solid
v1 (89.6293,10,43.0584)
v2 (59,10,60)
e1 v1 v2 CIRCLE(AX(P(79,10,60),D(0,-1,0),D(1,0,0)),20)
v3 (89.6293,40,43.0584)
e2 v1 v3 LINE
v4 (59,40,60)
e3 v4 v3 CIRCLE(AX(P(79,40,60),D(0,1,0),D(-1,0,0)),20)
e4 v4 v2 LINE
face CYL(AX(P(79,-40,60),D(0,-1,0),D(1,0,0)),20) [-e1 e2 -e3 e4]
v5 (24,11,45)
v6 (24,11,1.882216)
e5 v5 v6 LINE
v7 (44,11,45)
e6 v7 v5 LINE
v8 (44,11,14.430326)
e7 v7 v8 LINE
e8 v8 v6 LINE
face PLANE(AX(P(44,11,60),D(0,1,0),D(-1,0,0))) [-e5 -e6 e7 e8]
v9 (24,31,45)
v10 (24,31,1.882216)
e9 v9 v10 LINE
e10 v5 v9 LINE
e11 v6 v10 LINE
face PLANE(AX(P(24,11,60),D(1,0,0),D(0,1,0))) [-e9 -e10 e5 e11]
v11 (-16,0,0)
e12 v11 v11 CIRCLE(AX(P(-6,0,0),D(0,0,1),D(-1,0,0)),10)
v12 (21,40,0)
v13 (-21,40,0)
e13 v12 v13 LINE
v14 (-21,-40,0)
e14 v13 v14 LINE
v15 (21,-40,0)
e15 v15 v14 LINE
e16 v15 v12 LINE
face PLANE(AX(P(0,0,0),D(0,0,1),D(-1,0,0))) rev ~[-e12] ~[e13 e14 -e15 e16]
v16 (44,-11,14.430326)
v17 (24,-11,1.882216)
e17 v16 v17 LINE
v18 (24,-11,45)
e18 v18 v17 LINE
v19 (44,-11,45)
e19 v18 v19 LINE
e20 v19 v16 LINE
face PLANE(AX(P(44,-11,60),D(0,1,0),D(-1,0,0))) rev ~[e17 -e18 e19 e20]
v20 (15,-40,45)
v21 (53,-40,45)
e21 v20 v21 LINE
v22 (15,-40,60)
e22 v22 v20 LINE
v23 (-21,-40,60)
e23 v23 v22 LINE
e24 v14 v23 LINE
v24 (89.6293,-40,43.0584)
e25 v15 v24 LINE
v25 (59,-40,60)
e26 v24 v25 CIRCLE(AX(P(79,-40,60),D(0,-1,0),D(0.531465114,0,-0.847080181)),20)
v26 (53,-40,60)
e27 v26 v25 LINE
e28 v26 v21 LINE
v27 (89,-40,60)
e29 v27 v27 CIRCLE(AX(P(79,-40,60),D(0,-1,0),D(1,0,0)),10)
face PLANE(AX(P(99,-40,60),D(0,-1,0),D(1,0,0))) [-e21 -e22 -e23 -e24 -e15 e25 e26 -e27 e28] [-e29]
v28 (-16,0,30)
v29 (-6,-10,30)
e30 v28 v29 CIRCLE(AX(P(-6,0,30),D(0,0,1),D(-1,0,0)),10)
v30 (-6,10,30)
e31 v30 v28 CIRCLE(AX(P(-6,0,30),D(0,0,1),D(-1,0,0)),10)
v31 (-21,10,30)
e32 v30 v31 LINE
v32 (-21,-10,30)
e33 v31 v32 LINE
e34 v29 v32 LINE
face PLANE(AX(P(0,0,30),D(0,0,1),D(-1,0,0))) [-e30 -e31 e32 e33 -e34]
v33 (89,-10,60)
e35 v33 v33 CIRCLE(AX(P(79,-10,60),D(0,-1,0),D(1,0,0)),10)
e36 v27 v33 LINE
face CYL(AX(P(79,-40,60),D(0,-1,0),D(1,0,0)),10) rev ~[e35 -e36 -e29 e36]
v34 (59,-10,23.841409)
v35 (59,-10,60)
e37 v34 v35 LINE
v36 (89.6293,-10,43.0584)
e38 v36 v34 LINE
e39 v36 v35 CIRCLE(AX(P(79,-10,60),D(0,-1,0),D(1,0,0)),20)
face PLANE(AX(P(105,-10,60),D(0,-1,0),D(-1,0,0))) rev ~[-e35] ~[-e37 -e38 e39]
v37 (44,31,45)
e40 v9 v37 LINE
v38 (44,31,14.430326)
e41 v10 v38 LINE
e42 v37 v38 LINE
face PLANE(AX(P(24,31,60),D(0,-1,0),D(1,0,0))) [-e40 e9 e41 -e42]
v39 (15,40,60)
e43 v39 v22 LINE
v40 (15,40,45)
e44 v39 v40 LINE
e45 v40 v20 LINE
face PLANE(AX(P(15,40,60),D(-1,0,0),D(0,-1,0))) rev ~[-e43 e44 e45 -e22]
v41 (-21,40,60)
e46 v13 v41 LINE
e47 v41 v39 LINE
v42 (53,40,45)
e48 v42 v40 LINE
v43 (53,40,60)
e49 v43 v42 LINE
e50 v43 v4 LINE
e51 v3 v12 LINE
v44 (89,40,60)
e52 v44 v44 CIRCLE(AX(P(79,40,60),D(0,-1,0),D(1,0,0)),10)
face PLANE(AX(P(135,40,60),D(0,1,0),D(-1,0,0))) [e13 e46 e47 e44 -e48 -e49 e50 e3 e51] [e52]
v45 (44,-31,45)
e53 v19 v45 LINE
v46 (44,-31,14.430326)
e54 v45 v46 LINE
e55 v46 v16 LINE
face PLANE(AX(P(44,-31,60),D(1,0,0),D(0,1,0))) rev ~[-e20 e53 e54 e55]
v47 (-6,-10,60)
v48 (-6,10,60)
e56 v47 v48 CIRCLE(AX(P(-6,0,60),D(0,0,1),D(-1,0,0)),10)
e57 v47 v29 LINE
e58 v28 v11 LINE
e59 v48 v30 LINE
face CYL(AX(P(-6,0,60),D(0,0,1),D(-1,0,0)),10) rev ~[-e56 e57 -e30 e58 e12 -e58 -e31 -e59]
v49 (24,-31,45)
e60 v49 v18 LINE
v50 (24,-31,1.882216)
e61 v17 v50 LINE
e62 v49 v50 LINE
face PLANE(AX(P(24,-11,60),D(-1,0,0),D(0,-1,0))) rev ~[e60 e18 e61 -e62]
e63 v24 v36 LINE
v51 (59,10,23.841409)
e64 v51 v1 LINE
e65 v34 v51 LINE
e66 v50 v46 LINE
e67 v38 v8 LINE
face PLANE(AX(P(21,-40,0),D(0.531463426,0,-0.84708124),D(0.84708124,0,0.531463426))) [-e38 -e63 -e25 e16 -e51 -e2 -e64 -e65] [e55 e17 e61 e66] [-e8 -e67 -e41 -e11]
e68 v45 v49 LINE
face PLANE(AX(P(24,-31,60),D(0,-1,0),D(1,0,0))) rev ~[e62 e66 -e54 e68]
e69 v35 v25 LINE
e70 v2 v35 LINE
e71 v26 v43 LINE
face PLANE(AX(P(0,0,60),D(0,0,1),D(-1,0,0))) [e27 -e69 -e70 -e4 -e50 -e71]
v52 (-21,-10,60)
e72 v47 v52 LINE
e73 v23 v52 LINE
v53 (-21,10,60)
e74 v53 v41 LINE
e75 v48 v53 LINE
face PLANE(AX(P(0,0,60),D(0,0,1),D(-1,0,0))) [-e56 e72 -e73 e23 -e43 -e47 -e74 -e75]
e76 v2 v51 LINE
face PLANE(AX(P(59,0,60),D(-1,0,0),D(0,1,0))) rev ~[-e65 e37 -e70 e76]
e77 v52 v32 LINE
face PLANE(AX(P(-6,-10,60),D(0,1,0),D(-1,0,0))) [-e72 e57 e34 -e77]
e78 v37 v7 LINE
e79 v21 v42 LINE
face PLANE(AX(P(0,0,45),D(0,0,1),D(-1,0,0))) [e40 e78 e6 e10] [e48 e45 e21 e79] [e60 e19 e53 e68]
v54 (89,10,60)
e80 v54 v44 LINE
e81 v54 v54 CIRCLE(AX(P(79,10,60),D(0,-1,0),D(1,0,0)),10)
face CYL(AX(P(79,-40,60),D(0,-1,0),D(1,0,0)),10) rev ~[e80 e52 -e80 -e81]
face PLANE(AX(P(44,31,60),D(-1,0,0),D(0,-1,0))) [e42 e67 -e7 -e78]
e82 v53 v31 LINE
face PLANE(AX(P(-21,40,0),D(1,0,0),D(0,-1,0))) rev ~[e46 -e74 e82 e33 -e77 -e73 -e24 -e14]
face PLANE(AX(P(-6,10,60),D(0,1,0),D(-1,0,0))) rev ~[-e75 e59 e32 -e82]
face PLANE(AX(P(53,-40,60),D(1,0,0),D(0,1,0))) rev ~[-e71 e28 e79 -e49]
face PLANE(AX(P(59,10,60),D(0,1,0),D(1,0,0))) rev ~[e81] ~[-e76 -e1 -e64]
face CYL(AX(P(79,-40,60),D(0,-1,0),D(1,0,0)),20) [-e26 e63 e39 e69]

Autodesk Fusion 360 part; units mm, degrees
sketch "Sketch1" plane through (0, 0, 0) normal (0, 0, 1) x (1, 0, 0)
  line L0 (0, 0) -> (21, 0)
  line L1 (21, 0) -> (0, 0)
  line L2 (0, 0) -> (-21, 0)
  line L3 (-21, 0) -> (-21, -40)
  line L4 (21, 0) -> (21, 40)
  line L5 (21, 40) -> (-21, 40)
  line L6 (-21, 40) -> (-21, -40)
  line L7 (-21, -40) -> (21, -40)
  line L8 (21, -40) -> (21, 40)
  dimension "d1" = 21
  dimension "d2" = 21
  dimension "d3" = 40
  dimension "d4" = 40
extrude "Extrude1" add sketch "Sketch1" along normal blind 60 makes body 1
sketch "Sketch2" plane through (0, -40, 0) normal (0, -1, 0) x (1, 0, 0)
  line L0 (-21, 0) -> (21, 0)
  line L1 (21, 0) -> (21, 60)
  line L2 (21, 60) -> (-21, 60)
  line L3 (-21, 60) -> (-21, 0)
  line L4 (-21, 60) -> (99, 60)
  line L5 (21, 0) -> (99, 60)
  dimension "d7" = 120
extrude "Extrude2" add sketch "Sketch2" against normal blind 80 contours L1 L4 L5 bodies 1
sketch "Sketch3" plane through (0, 40, 0) normal (0, 1, 0) x (-1, 0, 0)
  line L0 (-21, 0) -> (21, 0)
  line L1 (21, 0) -> (21, 60)
sketch "Sketch4" plane through (0, 0, 60) normal (0, 0, 1) x (-1, 0, 0)
  line L0 (-99, -40) -> (21, -40)
  line L1 (21, -40) -> (21, 40)
  line L2 (21, 40) -> (-99, 40)
  line L3 (-99, 40) -> (-99, -40)
  line L4 (-79, 40) -> (6, 40)
  circle A0 centre (6, 0) radius 10
  point P0 (21, 0)
  point P1 (6, 0)
  dimension "d13" = 85
  dimension "d14" = 20
extrude "Extrude3" cut sketch "Sketch4" against normal blind 234 contours A0 bodies 1
sketch "Sketch5" plane through (0, 0, 60) normal (0, 0, 1) x (-1, 0, 0)
  circle A0 centre (6, 0) radius 10
  line L0 (-99, -40) -> (21, -40)
  line L1 (21, -40) -> (21, 40)
  line L2 (21, 40) -> (-99, 40)
  line L3 (-99, 40) -> (-99, -40)
  circle A1 centre (6, 0) radius 10
  line L4 (6, -10) -> (6, 10)
  line L5 (6, -10) -> (21, -10)
  line L6 (6, 10) -> (21, 10)
extrude "Extrude4" cut sketch "Sketch5" against normal blind 30 contours A0 L1 A1 L5 L6 bodies 1
sketch "Sketch6" plane through (0, 0, 60) normal (0, 0, 1) x (-1, 0, 0)
  line L0 (21, -10) -> (6, -10)
  arc A0 (6, 10) -> (6, -10) centre (6, 0) ccw
  line L1 (6, 10) -> (21, 10)
  line L2 (21, 10) -> (21, 40)
  line L3 (21, 40) -> (-99, 40)
  line L4 (-99, 40) -> (-99, -40)
  line L5 (-99, -40) -> (21, -40)
  line L6 (21, -40) -> (21, -10)
  line L7 (21, 40) -> (-79, 40)
  line L8 (-79, 40) -> (-34, 40)
  line L9 (-99, 0) -> (-99, 21)
  line L10 (-99, 0) -> (-99, -21)
  line L11 (-24, -31) -> (-44, -31)
  line L12 (-44, -31) -> (-44, -11)
  line L13 (-44, -11) -> (-24, -11)
  line L14 (-24, -11) -> (-24, -31)
  line L15 (-24, -31) -> (-44, -11) construction
  line L16 (-44, -31) -> (-24, -11) construction
  line L17 (-44, 11) -> (-24, 11)
  line L18 (-24, 11) -> (-24, 31)
  line L19 (-24, 31) -> (-44, 31)
  line L20 (-44, 31) -> (-44, 11)
  line L21 (-44, 11) -> (-24, 31) construction
  line L22 (-24, 11) -> (-44, 31) construction
  point P0 (-99, 0)
  point P1 (-34, 21)
  point P2 (-34, -21)
  point P3 (-34, -21)
  point P4 (-34, 21)
  dimension "d23" = 20
  dimension "d24" = 20
  dimension "d25" = 20
  dimension "d26" = 20
sketch "Sketch9" plane through (0, 0, 60) normal (0, 0, 1) x (-1, 0, 0)
  line L0 (21, -10) -> (6, -10)
  arc A0 (6, 10) -> (6, -10) centre (6, 0) ccw
  line L1 (6, 10) -> (21, 10)
  line L2 (21, 10) -> (21, 40)
  line L3 (21, 40) -> (-99, 40)
  line L4 (-99, 40) -> (-99, -40)
  line L5 (-99, -40) -> (21, -40)
  line L6 (21, -40) -> (21, -10)
  line L7 (-99, 40) -> (-135, 40)
  line L8 (-135, 40) -> (-135, -40)
  line L9 (-135, -40) -> (-99, -40)
  line L10 (-99, -40) -> (-99, 40)
extrude "Extrude7" add sketch "Sketch9" against normal blind 60 separate body contours L4 L7 L8 L9 L10 makes body 2
extrude "Extrude8" add 1 faces at (99, -13.3333, 40) along direction (-1, 0, 0) blind 85 on bodies 2 bodies 2 1
extrude "Extrude5" cut sketch "Sketch6" against normal blind 75 contours L11 L12 L13 L14 | L17 L18 L19 L20 bodies 2
sketch "Sketch7" plane through (0, 0, 60) normal (0, 0, 1) x (-1, 0, 0)
  line L0 (-44, -31) -> (-44, -11)
  line L1 (-44, -11) -> (-24, -11)
  line L2 (-24, -11) -> (-24, -31)
  line L3 (-24, -31) -> (-44, -31)
  line L4 (-24, 11) -> (-44, 11)
  line L5 (-44, 11) -> (-44, 31)
  line L6 (-44, 31) -> (-24, 31)
  line L7 (-24, 31) -> (-24, 11)
  line L8 (21, -10) -> (6, -10)
  arc A0 (6, 10) -> (6, -10) centre (6, 0) ccw
  line L9 (6, 10) -> (21, 10)
  line L10 (21, 10) -> (21, 40)
  line L11 (21, 40) -> (-135, 40)
  line L12 (-135, -40) -> (21, -40)
  line L13 (21, -40) -> (21, -10)
  line L14 (-79, 40) -> (-34, 40)
  line L15 (-34, 40) -> (-53, 40)
  line L16 (-34, 40) -> (-15, 40)
  line L17 (-15, 40) -> (-53, 40)
  line L18 (-53, 40) -> (-53, -40)
  line L19 (-53, -40) -> (-15, -40)
  line L20 (-15, -40) -> (-15, 40)
  line L21 (-135, 40) -> (-135, -40)
  dimension "d30" = 45
extrude "Extrude6" cut sketch "Sketch7" against normal blind 15 contours L11 L12 L14 L15 L16 L17 L18 L19 L20 bodies 2
sketch "Sketch10" plane through (0, -40, 0) normal (0, -1, 0) x (1, 0, 0)
  line L0 (15, 45) -> (15, 60)
  line L1 (15, 60) -> (-21, 60)
  line L2 (-21, 60) -> (-21, 0)
  line L3 (-21, 0) -> (135, 0)
  line L4 (135, 0) -> (135, 60)
  line L5 (135, 60) -> (53, 60)
  line L6 (53, 60) -> (53, 45)
  line L7 (53, 45) -> (15, 45)
  circle A0 centre (79, 60) radius 20
  line L8 (-21, 0) -> (21, 0)
  line L9 (21, 0) -> (89.6293, 43.0584)
  dimension "d40" = 40
  dimension "d41" = 42
extrude "Extrude9" cut sketch "Sketch10" against normal blind 165 contours L3 L4 L5 A0 L9 bodies 2
sketch "Sketch11" plane through (0, -40, 0) normal (0, -1, 0) x (1, 0, 0)
  line L0 (21, 0) -> (89.6293, 43.0584)
  arc A0 (89.6293, 43.0584) -> (99, 60) centre (79, 60) ccw
  line L1 (99, 60) -> (53, 60)
  line L2 (53, 60) -> (53, 45)
  line L3 (53, 45) -> (15, 45)
  line L4 (15, 45) -> (15, 60)
  line L5 (15, 60) -> (-21, 60)
  line L6 (-21, 60) -> (-21, 0)
  line L7 (-21, 0) -> (21, 0)
  circle A1 centre (79, 60) radius 20
  dimension "d45" = 40
extrude "Extrude10" add sketch "Sketch11" against normal blind 80 contours A0 L1 A1 | L1 A1 bodies 2
sketch "Sketch12" plane through (0, -40, 0) normal (0, -1, 0) x (1, 0, 0)
  line L0 (59, 60) -> (53, 60)
  line L1 (53, 60) -> (53, 45)
  line L2 (53, 45) -> (15, 45)
  line L3 (15, 45) -> (15, 60)
  line L4 (15, 60) -> (-21, 60)
  line L5 (-21, 60) -> (-21, 0)
  line L6 (-21, 0) -> (21, 0)
  line L7 (21, 0) -> (89.6293, 43.0584)
  arc A0 (89.6293, 43.0584) -> (59, 60) centre (79, 60) ccw
  circle A1 centre (79, 60) radius 10
  dimension "d48" = 20
extrude "Extrude11" cut sketch "Sketch12" against normal blind 180 contours A1 bodies 2
sketch "Sketch13" plane through (0, 0, 60) normal (0, 0, 1) x (-1, 0, 0)
  line L0 (-15, 40) -> (-15, -40)
  line L1 (-15, -40) -> (21, -40)
  line L2 (21, -40) -> (21, -10)
  line L3 (21, -10) -> (6, -10)
  arc A0 (6, 10) -> (6, -10) centre (6, 0) ccw
  line L4 (6, 10) -> (21, 10)
  line L5 (21, 10) -> (21, 40)
  line L6 (21, 40) -> (-15, 40)
  line L7 (-59, 0) -> (-59, -10)
  line L8 (-59, 0) -> (-59, 10)
  line L9 (-59, -10) -> (-105, -10)
  line L10 (-105, -10) -> (-105, 10)
  line L11 (-105, 10) -> (-59, 10)
  line L12 (-59, 10) -> (-59, -10)
  dimension "d52" = 10
  dimension "d53" = 10
extrude "Extrude12" cut sketch "Sketch13" along normal blind 50 and the other way blind 60 contours L7 L8 L9 L10 L11 L12 bodies 2
